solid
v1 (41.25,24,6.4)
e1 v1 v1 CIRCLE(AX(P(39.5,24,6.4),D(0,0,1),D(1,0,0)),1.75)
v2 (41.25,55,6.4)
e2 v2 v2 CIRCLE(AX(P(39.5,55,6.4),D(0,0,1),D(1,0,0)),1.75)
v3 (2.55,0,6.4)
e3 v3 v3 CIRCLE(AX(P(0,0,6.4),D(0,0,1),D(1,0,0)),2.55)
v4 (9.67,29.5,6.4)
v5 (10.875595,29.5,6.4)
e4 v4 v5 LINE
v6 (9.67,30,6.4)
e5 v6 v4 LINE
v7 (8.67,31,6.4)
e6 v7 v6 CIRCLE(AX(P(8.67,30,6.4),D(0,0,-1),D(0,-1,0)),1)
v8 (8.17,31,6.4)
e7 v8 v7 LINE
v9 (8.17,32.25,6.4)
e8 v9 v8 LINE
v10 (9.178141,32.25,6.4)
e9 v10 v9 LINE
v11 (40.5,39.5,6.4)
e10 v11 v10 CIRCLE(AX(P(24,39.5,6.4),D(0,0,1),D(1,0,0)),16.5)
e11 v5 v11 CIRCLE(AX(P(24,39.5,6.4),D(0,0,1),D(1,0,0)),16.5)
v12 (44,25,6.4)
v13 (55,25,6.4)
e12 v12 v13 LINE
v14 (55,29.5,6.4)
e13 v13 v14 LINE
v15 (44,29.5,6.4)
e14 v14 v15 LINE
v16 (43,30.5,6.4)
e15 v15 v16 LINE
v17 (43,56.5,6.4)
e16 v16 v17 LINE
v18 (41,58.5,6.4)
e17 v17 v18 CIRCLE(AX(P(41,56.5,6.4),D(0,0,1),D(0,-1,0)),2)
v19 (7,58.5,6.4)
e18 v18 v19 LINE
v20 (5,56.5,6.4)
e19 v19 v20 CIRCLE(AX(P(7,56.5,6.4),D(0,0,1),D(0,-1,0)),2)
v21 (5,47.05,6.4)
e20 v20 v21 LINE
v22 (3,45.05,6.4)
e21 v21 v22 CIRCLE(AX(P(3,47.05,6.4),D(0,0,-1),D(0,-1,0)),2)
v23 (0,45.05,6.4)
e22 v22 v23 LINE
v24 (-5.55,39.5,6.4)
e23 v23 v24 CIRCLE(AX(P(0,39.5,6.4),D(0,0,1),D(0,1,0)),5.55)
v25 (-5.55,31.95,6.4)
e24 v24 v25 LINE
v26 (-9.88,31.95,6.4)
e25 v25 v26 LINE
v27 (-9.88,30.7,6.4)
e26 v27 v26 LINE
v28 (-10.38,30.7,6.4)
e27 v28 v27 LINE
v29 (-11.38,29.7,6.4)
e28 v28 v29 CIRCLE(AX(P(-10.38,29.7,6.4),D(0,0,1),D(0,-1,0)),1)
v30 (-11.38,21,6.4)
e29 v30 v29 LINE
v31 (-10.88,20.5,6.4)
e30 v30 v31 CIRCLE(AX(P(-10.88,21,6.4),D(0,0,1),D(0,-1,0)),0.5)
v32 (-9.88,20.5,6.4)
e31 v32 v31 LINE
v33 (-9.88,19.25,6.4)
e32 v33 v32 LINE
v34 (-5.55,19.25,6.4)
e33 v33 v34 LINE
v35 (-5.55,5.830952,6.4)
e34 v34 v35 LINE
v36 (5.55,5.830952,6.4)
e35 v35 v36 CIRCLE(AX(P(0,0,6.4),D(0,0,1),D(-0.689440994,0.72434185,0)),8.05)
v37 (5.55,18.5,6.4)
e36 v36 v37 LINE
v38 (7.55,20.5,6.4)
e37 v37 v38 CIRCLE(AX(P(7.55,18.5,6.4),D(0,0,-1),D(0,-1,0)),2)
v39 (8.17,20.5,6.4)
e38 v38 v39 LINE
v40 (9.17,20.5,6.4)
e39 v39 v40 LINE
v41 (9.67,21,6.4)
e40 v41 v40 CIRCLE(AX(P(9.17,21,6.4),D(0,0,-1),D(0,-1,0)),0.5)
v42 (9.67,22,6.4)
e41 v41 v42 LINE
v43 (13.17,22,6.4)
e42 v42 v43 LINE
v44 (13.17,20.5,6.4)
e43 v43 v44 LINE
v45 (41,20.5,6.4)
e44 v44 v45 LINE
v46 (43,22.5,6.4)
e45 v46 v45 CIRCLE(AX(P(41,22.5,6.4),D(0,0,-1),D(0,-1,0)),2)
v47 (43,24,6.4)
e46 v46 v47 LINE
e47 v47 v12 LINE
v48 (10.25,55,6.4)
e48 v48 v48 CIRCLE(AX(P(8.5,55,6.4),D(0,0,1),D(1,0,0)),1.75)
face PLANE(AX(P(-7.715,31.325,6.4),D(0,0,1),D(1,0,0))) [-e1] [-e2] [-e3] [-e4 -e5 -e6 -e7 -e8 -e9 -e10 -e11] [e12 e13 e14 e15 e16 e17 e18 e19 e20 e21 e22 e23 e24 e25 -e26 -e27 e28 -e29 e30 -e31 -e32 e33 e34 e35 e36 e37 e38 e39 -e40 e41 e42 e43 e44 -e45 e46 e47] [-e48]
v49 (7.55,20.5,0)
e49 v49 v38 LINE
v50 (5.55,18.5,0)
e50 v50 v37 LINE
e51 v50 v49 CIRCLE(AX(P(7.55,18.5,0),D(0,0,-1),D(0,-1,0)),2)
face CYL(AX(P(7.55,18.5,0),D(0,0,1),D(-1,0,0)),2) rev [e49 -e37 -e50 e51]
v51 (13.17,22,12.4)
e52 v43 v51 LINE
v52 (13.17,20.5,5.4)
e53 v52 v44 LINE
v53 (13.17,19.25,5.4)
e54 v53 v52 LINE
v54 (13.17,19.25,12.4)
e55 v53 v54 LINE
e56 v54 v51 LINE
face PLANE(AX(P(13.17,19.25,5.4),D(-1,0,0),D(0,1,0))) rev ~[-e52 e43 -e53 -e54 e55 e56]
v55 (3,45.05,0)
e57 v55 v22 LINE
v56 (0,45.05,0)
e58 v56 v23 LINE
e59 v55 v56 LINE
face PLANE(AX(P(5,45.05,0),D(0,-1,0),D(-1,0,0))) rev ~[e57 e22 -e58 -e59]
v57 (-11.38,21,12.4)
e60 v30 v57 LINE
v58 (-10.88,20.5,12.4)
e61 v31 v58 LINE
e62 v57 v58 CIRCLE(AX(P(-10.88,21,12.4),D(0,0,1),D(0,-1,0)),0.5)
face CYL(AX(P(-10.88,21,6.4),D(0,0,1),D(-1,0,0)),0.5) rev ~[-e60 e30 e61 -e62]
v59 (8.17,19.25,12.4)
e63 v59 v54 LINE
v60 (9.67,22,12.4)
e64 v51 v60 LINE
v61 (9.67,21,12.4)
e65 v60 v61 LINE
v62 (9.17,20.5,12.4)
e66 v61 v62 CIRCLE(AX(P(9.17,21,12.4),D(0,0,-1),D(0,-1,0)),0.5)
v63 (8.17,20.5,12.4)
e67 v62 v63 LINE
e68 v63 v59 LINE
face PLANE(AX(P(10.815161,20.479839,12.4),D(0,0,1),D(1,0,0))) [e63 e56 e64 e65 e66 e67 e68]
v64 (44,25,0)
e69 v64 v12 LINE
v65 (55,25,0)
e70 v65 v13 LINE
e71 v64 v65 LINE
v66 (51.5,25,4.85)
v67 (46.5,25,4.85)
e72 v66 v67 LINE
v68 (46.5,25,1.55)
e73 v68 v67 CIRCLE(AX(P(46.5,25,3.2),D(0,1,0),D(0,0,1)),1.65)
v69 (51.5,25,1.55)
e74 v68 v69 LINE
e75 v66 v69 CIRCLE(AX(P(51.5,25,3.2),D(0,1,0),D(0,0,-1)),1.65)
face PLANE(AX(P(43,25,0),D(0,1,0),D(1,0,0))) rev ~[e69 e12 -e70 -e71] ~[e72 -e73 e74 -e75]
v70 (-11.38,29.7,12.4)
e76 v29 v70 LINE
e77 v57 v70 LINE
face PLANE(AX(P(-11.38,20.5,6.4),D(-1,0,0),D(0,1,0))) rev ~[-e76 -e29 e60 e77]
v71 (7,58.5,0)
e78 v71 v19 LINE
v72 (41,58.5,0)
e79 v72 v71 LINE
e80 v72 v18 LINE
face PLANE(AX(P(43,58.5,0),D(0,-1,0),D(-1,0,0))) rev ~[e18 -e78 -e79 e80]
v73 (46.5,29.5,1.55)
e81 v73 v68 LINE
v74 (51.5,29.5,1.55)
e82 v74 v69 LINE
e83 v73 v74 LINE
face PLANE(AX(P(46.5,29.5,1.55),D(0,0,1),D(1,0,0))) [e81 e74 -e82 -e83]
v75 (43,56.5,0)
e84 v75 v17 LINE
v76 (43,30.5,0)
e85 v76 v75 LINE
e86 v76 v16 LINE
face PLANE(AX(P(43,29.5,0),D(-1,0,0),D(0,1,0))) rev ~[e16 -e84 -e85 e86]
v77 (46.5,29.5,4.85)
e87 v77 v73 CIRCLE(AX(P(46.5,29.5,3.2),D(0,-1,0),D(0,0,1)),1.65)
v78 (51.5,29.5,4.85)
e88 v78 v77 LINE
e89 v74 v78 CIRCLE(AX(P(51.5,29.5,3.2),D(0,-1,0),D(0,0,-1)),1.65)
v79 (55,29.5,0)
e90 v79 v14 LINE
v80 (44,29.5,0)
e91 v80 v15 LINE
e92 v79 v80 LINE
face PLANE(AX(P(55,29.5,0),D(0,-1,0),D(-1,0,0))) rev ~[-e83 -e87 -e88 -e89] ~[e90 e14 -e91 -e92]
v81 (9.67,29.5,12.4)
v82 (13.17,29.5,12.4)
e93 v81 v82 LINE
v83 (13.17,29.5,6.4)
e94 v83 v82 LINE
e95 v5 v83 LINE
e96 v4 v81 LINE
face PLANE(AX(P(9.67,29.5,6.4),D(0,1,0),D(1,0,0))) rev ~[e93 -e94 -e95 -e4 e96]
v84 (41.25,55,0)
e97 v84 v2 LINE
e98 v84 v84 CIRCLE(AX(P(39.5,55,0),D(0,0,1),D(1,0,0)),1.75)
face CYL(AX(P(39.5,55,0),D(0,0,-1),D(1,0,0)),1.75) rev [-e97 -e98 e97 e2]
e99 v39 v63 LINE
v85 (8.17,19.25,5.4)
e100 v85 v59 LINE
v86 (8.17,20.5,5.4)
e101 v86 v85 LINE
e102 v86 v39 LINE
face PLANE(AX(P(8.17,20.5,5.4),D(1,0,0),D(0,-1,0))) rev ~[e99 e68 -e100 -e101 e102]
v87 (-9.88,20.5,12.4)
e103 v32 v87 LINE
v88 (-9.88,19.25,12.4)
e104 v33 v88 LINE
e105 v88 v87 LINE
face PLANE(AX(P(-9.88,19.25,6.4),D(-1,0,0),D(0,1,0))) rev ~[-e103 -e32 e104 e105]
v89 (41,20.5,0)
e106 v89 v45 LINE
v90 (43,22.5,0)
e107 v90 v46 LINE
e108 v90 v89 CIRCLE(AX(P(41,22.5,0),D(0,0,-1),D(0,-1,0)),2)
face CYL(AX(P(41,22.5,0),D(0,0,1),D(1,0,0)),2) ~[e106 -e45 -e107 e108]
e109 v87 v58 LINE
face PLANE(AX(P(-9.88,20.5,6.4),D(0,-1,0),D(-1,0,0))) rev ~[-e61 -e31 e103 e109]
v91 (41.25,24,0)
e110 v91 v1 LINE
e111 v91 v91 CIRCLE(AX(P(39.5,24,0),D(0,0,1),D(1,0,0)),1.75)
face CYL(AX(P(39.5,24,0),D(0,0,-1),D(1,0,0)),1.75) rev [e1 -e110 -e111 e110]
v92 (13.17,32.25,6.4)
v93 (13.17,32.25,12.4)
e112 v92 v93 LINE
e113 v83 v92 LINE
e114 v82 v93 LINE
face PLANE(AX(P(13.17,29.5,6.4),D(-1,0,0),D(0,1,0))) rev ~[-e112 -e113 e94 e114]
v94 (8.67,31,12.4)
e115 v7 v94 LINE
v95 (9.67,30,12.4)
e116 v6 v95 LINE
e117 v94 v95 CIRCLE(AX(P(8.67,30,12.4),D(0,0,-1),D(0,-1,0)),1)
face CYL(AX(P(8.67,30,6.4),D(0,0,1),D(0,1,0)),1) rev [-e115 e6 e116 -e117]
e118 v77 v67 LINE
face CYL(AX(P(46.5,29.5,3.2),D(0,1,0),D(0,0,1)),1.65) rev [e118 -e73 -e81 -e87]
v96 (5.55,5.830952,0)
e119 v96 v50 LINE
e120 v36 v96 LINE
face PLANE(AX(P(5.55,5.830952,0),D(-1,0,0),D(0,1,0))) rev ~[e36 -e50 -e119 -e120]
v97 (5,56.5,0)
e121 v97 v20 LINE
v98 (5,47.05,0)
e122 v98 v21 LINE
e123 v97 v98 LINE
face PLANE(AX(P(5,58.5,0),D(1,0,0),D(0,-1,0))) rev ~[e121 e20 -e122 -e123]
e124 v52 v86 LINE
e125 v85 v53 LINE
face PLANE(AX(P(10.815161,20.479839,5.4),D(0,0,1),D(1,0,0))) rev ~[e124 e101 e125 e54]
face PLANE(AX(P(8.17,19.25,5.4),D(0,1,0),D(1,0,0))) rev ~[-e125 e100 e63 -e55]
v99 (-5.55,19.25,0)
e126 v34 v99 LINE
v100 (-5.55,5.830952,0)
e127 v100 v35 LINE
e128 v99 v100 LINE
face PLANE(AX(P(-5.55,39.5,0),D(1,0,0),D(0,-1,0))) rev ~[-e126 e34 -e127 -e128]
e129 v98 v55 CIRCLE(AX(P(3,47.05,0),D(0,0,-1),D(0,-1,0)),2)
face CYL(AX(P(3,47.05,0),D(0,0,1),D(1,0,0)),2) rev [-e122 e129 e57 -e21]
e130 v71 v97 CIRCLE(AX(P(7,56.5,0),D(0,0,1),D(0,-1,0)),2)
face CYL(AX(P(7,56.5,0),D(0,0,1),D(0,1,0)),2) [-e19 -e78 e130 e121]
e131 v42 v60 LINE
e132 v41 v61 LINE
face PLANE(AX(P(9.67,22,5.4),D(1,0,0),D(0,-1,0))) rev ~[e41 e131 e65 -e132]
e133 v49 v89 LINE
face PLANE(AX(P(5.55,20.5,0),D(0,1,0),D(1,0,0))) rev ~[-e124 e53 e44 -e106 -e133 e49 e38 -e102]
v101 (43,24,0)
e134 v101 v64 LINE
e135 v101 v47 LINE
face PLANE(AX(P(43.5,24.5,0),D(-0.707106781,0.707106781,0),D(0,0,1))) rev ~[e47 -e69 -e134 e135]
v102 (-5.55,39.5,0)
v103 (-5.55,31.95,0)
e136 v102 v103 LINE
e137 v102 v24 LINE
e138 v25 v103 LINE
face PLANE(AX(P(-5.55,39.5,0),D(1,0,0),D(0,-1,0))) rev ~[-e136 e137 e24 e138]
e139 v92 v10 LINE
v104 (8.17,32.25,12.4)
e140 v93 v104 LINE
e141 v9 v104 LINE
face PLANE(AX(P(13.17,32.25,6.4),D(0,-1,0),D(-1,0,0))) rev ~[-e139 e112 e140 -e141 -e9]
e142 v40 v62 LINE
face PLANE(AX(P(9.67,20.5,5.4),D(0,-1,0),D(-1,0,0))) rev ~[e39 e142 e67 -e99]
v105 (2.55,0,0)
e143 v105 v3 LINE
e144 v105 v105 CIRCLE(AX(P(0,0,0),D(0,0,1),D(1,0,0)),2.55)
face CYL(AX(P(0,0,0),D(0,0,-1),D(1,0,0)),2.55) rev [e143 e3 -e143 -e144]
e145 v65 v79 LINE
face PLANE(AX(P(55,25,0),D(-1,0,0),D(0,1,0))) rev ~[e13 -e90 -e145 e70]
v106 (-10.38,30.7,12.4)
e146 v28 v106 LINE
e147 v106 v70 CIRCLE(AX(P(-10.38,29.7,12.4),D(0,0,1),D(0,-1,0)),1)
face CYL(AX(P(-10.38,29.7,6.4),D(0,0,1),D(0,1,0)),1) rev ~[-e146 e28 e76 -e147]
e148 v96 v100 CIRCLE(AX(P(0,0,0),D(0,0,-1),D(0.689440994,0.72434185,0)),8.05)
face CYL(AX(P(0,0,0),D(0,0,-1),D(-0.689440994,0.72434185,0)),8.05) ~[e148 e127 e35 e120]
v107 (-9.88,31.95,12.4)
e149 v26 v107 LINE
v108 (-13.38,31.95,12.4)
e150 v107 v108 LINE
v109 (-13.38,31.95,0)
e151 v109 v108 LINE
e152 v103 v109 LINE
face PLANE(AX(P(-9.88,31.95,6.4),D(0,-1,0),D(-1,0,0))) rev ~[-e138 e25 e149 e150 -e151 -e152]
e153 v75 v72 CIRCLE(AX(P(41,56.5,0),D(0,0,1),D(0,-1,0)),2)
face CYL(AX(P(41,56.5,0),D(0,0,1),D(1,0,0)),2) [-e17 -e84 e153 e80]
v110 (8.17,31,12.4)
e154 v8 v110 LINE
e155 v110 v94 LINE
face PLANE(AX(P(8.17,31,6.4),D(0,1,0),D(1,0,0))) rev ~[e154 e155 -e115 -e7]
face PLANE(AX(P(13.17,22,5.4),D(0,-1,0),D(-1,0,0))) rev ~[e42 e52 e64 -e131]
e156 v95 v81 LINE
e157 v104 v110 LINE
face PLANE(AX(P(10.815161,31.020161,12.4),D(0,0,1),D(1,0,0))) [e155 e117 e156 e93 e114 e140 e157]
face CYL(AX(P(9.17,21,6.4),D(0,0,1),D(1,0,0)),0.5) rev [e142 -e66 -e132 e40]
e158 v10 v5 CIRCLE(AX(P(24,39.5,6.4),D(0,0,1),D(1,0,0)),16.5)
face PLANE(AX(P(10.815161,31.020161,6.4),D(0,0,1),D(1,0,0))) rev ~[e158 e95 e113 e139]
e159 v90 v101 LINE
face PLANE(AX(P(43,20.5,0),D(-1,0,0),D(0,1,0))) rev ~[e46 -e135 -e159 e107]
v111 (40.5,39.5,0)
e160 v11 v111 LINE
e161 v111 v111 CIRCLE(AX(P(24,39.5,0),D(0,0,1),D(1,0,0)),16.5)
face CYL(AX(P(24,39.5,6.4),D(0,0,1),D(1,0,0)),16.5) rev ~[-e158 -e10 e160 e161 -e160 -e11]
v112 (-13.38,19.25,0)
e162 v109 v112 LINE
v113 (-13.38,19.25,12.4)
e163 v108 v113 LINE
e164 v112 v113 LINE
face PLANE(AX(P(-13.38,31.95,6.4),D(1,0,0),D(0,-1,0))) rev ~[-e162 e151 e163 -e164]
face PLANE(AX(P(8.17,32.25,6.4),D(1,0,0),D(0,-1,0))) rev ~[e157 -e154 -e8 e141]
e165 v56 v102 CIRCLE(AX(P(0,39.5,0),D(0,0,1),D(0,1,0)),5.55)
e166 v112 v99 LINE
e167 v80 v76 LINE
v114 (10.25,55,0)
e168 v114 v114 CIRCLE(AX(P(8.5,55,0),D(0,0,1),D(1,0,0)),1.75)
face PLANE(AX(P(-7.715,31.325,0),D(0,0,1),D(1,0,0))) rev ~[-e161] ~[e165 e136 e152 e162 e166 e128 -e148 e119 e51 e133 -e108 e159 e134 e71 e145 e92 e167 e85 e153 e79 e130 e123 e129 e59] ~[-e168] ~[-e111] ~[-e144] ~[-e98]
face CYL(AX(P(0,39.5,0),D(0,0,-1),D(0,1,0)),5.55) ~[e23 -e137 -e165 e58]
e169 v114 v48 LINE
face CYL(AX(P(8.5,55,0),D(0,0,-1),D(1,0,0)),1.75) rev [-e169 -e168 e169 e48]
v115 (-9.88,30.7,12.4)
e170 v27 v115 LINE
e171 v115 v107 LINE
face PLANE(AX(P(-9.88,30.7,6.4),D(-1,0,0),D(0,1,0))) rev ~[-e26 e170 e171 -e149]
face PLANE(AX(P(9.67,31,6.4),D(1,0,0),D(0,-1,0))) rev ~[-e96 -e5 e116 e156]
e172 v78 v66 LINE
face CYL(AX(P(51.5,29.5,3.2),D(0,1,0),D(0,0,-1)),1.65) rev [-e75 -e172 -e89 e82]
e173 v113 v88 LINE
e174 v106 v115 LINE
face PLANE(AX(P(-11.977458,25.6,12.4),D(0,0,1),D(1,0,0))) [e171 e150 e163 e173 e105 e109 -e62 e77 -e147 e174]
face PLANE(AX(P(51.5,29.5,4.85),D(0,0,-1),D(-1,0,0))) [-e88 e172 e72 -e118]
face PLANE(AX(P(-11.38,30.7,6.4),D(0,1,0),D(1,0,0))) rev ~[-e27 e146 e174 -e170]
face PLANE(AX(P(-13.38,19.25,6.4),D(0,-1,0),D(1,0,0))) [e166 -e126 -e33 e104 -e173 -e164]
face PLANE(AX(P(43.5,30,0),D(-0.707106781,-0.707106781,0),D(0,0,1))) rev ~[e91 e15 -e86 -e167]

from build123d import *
from OCP.BRepFilletAPI import BRepFilletAPI_MakeFillet

# Parameters (mm, degrees)
SKETCH1_R                 = 2.55
SKETCH1_R_2               = 1.75
SKETCH1_R_3               = 12.5
BOSS_EXTRUDE3_DEPTH       = 6.4
SKETCH1_5_R               = 2.55
BOSS_EXTRUDE2_DEPTH       = 1
CUT_EXTRUDE1_DEPTH        = 10
FILLET2_R                 = 2
CHAMFER2_SIZE             = 1
FILLET1_R                 = 2
SKETCH5_R                 = 16.5
CUT_EXTRUDE2_DEPTH        = 10
SKETCH6_W                 = 4.33
SKETCH6_H                 = 1.25
BOSS_EXTRUDE5_DEPTH       = 6.4
BOSS_EXTRUDE8_DEPTH       = 6
BOSS_EXTRUDE13_DEPTH      = 6
BOSS_EXTRUDE13_DEPTH_BACK = 1
FILLET3_R1                = 1
FILLET3_R2                = 0.5


with BuildPart() as part:
    # Sketch1 → Boss-Extrude3 (new body)
    with BuildSketch(Plane.XY):
        with BuildLine():
            ThreePointArc((-5.55, 5.830951895), (0, -8.05), (5.55, 5.830951895))
            Line((5.55, 5.830951895), (5.55, 20.5))
            Line((5.55, 20.5), (43, 20.5))
            Line((43, 20.5), (43, 25))
            Line((43, 25), (55, 25))
            Line((55, 25), (55, 29.5))
            Line((55, 29.5), (43, 29.5))
            Line((43, 29.5), (43, 58.5))
            Line((43, 58.5), (5, 58.5))
            Line((5, 58.5), (5, 45.05))
            Line((5, 45.05), (0, 45.05))
            ThreePointArc((0, 45.05), (-3.924442636, 43.424442636), (-5.55, 39.5))
            Line((-5.55, 39.5), (-5.55, 5.830951895))
        make_face()
        Circle(SKETCH1_R, mode=Mode.SUBTRACT)
        with Locations((39.5, 24)):
            Circle(SKETCH1_R_2, mode=Mode.SUBTRACT)
        with Locations((8.5, 55)):
            Circle(SKETCH1_R_2, mode=Mode.SUBTRACT)
        with Locations((24, 39.5)):
            Circle(SKETCH1_R_3, mode=Mode.SUBTRACT)
        with Locations((39.5, 55)):
            Circle(SKETCH1_R_2, mode=Mode.SUBTRACT)
    extrude(amount=BOSS_EXTRUDE3_DEPTH)

    # Sketch1<5> → Boss-Extrude2 (add)
    # profile 1 of 2: a face of its own
    with BuildSketch(Plane.XY):
        with BuildLine():
            Line((-5.55, 5.830951895), (-5.55, 0))
            ThreePointArc((-5.55, 0), (0, -5.55), (5.55, 0))
            Line((5.55, 0), (5.55, 5.830951895))
            ThreePointArc((5.55, 5.830951895), (0, 8.05), (-5.55, 5.830951895))
        make_face()
        Circle(SKETCH1_5_R, mode=Mode.SUBTRACT)
    # profile 2 of 2: a face of its own
    with BuildSketch(Plane.XY):
        with BuildLine():
            ThreePointArc((5.55, 0), (0, -5.55), (-5.55, 0))
            Line((-5.55, 0), (-5.55, 5.830951895))
            ThreePointArc((-5.55, 5.830951895), (-3.172144385, -7.398648525), (8.05, 0))
            ThreePointArc((8.05, 0), (7.398648525, 3.172144385), (5.55, 5.830951895))
            Line((5.55, 5.830951895), (5.55, 0))
        make_face()
    extrude(amount=BOSS_EXTRUDE2_DEPTH)

    # Sketch3 → Cut-Extrude1 (cut)
    with BuildSketch(Plane(origin=(0, 29.5, 0), x_dir=(1, 0, 0), z_dir=(0, 1, 0))):
        with BuildLine():
            Line((46.5, -1.55), (51.5, -1.55))
            ThreePointArc((51.5, -1.55), (53.15, -3.2), (51.5, -4.85))
            Line((51.5, -4.85), (46.5, -4.85))
            ThreePointArc((46.5, -4.85), (44.85, -3.2), (46.5, -1.55))
        make_face()
    extrude(amount=-CUT_EXTRUDE1_DEPTH, mode=Mode.SUBTRACT)

    # Fillet2
    fillet2_edges = [part.edges().sort_by_distance(p)[0] for p in [
        (5.55, 20.5, 3.2),
        (5, 45.05, 3.2),
    ]]
    fillet(fillet2_edges, radius=FILLET2_R)

    # Chamfer2
    chamfer2_edges = [part.edges().sort_by_distance(p)[0] for p in [
        (43, 29.5, 3.2),
        (43, 25, 3.2),
    ]]
    chamfer(chamfer2_edges, length=CHAMFER2_SIZE)

    # Fillet1
    fillet1_edges = [part.edges().sort_by_distance(p)[0] for p in [
        (43, 20.5, 3.2),
        (5, 58.5, 3.2),
        (43, 58.5, 3.2),
    ]]
    fillet(fillet1_edges, radius=FILLET1_R)

    # Sketch5 → Cut-Extrude2 (cut)
    with BuildSketch(Plane.XY.offset(6.4)):
        with Locations((24, 39.5)):
            Circle(SKETCH5_R)
    extrude(amount=-CUT_EXTRUDE2_DEPTH, mode=Mode.SUBTRACT)

    # Sketch6 → Boss-Extrude5 (add)
    with BuildSketch(Plane.XY.offset(6.4)):
        with Locations((-7.715, 31.325)):
            Rectangle(SKETCH6_W, SKETCH6_H)
        with BuildLine():
            Line((-5.55, 24.637668909), (-5.55, 30.45))
            Line((-5.55, 30.45), (-10.13, 30.45))
            ThreePointArc((-10.13, 30.45), (-10.837106781, 30.157106781), (-11.13, 29.45))
            Line((-11.13, 29.45), (-11.13, 21.25))
            ThreePointArc((-11.13, 21.25), (-10.983553391, 20.896446609), (-10.63, 20.75))
            Line((-10.63, 20.75), (-5.55, 20.75))
            Line((-5.55, 20.75), (-5.55, 21.862331091))
            ThreePointArc((-5.55, 21.862331091), (-7.525, 23.25), (-5.55, 24.637668909))
        make_face()
        with BuildLine():
            Line((-10.13, 30.45), (-5.55, 30.45))
            Line((-5.55, 30.45), (-5.55, 30.7))
            Line((-5.55, 30.7), (-9.88, 30.7))
            Line((-9.88, 30.7), (-11.38, 30.7))
            Line((-11.38, 30.7), (-11.38, 20.5))
            Line((-11.38, 20.5), (-9.88, 20.5))
            Line((-9.88, 20.5), (-5.55, 20.5))
            Line((-5.55, 20.5), (-5.55, 20.75))
            Line((-5.55, 20.75), (-10.63, 20.75))
            ThreePointArc((-10.63, 20.75), (-10.983553391, 20.896446609), (-11.13, 21.25))
            Line((-11.13, 21.25), (-11.13, 29.45))
            ThreePointArc((-11.13, 29.45), (-10.837106781, 30.157106781), (-10.13, 30.45))
        make_face()
        Polygon((-11.38, 30.7), (-9.88, 30.7), (-9.88, 31.95), (-13.38, 31.95), (-13.38, 19.25), (-9.88, 19.25), (-9.88, 20.5), (-11.38, 20.5), align=None)
        with Locations((-7.715, 19.875)):
            Rectangle(SKETCH6_W, SKETCH6_H)
        with BuildLine():
            Line((-5.55, 21.862331091), (-5.55, 24.637668909))
            ThreePointArc((-5.55, 24.637668909), (-7.525, 23.25), (-5.55, 21.862331091))
        make_face()
        with BuildLine():
            ThreePointArc((-4.575, 23.25), (-4.843118689, 24.09797553), (-5.55, 24.637668909))
            Line((-5.55, 24.637668909), (-5.55, 21.862331091))
            ThreePointArc((-5.55, 21.862331091), (-4.843118689, 22.40202447), (-4.575, 23.25))
        make_face()
    extrude(amount=-BOSS_EXTRUDE5_DEPTH)

    # Sketch6<4> → Boss-Extrude8 (add)
    with BuildSketch(Plane.XY.offset(6.4)):
        Polygon((-9.88, 30.7), (-9.88, 31.95), (-13.38, 31.95), (-13.38, 19.25), (-9.88, 19.25), (-9.88, 20.5), (-11.38, 20.5), (-11.38, 30.7), align=None)
        Polygon((8.17, 32.25), (8.17, 31), (9.67, 31), (9.67, 29.5), (13.17, 29.5), (13.17, 32.25), align=None)
    extrude(amount=BOSS_EXTRUDE8_DEPTH)

    # Sketch7 → Boss-Extrude13 (add, two sides: drawn at the far end of the back side and taken through both)
    with BuildSketch(Plane.XY.offset(6.4).offset(-BOSS_EXTRUDE13_DEPTH_BACK)):
        Polygon((9.67, 22), (9.67, 20.5), (8.17, 20.5), (8.17, 19.25), (13.17, 19.25), (13.17, 22), align=None)
    extrude(amount=BOSS_EXTRUDE13_DEPTH + BOSS_EXTRUDE13_DEPTH_BACK)

    # Fillet3: one fillet with a radius per group of edges: ONE call of the kernel's fillet builder (fillet() takes one radius for all edges)
    fillet3_edges_1 = [part.edges().sort_by_distance(p)[0] for p in [
        (-11.38, 30.7, 9.4),
        (9.67, 31, 9.4),
    ]]
    fillet3_edges_2 = [part.edges().sort_by_distance(p)[0] for p in [
        (9.67, 20.5, 9.4),
        (-11.38, 20.5, 9.4),
    ]]
    fillet3 = BRepFilletAPI_MakeFillet(part.part.solid().wrapped)
    for e in fillet3_edges_1:
        fillet3.Add(FILLET3_R1, e.wrapped)
    for e in fillet3_edges_2:
        fillet3.Add(FILLET3_R2, e.wrapped)
    add(Compound.cast(fillet3.Shape()), mode=Mode.REPLACE)


solid = part.part
